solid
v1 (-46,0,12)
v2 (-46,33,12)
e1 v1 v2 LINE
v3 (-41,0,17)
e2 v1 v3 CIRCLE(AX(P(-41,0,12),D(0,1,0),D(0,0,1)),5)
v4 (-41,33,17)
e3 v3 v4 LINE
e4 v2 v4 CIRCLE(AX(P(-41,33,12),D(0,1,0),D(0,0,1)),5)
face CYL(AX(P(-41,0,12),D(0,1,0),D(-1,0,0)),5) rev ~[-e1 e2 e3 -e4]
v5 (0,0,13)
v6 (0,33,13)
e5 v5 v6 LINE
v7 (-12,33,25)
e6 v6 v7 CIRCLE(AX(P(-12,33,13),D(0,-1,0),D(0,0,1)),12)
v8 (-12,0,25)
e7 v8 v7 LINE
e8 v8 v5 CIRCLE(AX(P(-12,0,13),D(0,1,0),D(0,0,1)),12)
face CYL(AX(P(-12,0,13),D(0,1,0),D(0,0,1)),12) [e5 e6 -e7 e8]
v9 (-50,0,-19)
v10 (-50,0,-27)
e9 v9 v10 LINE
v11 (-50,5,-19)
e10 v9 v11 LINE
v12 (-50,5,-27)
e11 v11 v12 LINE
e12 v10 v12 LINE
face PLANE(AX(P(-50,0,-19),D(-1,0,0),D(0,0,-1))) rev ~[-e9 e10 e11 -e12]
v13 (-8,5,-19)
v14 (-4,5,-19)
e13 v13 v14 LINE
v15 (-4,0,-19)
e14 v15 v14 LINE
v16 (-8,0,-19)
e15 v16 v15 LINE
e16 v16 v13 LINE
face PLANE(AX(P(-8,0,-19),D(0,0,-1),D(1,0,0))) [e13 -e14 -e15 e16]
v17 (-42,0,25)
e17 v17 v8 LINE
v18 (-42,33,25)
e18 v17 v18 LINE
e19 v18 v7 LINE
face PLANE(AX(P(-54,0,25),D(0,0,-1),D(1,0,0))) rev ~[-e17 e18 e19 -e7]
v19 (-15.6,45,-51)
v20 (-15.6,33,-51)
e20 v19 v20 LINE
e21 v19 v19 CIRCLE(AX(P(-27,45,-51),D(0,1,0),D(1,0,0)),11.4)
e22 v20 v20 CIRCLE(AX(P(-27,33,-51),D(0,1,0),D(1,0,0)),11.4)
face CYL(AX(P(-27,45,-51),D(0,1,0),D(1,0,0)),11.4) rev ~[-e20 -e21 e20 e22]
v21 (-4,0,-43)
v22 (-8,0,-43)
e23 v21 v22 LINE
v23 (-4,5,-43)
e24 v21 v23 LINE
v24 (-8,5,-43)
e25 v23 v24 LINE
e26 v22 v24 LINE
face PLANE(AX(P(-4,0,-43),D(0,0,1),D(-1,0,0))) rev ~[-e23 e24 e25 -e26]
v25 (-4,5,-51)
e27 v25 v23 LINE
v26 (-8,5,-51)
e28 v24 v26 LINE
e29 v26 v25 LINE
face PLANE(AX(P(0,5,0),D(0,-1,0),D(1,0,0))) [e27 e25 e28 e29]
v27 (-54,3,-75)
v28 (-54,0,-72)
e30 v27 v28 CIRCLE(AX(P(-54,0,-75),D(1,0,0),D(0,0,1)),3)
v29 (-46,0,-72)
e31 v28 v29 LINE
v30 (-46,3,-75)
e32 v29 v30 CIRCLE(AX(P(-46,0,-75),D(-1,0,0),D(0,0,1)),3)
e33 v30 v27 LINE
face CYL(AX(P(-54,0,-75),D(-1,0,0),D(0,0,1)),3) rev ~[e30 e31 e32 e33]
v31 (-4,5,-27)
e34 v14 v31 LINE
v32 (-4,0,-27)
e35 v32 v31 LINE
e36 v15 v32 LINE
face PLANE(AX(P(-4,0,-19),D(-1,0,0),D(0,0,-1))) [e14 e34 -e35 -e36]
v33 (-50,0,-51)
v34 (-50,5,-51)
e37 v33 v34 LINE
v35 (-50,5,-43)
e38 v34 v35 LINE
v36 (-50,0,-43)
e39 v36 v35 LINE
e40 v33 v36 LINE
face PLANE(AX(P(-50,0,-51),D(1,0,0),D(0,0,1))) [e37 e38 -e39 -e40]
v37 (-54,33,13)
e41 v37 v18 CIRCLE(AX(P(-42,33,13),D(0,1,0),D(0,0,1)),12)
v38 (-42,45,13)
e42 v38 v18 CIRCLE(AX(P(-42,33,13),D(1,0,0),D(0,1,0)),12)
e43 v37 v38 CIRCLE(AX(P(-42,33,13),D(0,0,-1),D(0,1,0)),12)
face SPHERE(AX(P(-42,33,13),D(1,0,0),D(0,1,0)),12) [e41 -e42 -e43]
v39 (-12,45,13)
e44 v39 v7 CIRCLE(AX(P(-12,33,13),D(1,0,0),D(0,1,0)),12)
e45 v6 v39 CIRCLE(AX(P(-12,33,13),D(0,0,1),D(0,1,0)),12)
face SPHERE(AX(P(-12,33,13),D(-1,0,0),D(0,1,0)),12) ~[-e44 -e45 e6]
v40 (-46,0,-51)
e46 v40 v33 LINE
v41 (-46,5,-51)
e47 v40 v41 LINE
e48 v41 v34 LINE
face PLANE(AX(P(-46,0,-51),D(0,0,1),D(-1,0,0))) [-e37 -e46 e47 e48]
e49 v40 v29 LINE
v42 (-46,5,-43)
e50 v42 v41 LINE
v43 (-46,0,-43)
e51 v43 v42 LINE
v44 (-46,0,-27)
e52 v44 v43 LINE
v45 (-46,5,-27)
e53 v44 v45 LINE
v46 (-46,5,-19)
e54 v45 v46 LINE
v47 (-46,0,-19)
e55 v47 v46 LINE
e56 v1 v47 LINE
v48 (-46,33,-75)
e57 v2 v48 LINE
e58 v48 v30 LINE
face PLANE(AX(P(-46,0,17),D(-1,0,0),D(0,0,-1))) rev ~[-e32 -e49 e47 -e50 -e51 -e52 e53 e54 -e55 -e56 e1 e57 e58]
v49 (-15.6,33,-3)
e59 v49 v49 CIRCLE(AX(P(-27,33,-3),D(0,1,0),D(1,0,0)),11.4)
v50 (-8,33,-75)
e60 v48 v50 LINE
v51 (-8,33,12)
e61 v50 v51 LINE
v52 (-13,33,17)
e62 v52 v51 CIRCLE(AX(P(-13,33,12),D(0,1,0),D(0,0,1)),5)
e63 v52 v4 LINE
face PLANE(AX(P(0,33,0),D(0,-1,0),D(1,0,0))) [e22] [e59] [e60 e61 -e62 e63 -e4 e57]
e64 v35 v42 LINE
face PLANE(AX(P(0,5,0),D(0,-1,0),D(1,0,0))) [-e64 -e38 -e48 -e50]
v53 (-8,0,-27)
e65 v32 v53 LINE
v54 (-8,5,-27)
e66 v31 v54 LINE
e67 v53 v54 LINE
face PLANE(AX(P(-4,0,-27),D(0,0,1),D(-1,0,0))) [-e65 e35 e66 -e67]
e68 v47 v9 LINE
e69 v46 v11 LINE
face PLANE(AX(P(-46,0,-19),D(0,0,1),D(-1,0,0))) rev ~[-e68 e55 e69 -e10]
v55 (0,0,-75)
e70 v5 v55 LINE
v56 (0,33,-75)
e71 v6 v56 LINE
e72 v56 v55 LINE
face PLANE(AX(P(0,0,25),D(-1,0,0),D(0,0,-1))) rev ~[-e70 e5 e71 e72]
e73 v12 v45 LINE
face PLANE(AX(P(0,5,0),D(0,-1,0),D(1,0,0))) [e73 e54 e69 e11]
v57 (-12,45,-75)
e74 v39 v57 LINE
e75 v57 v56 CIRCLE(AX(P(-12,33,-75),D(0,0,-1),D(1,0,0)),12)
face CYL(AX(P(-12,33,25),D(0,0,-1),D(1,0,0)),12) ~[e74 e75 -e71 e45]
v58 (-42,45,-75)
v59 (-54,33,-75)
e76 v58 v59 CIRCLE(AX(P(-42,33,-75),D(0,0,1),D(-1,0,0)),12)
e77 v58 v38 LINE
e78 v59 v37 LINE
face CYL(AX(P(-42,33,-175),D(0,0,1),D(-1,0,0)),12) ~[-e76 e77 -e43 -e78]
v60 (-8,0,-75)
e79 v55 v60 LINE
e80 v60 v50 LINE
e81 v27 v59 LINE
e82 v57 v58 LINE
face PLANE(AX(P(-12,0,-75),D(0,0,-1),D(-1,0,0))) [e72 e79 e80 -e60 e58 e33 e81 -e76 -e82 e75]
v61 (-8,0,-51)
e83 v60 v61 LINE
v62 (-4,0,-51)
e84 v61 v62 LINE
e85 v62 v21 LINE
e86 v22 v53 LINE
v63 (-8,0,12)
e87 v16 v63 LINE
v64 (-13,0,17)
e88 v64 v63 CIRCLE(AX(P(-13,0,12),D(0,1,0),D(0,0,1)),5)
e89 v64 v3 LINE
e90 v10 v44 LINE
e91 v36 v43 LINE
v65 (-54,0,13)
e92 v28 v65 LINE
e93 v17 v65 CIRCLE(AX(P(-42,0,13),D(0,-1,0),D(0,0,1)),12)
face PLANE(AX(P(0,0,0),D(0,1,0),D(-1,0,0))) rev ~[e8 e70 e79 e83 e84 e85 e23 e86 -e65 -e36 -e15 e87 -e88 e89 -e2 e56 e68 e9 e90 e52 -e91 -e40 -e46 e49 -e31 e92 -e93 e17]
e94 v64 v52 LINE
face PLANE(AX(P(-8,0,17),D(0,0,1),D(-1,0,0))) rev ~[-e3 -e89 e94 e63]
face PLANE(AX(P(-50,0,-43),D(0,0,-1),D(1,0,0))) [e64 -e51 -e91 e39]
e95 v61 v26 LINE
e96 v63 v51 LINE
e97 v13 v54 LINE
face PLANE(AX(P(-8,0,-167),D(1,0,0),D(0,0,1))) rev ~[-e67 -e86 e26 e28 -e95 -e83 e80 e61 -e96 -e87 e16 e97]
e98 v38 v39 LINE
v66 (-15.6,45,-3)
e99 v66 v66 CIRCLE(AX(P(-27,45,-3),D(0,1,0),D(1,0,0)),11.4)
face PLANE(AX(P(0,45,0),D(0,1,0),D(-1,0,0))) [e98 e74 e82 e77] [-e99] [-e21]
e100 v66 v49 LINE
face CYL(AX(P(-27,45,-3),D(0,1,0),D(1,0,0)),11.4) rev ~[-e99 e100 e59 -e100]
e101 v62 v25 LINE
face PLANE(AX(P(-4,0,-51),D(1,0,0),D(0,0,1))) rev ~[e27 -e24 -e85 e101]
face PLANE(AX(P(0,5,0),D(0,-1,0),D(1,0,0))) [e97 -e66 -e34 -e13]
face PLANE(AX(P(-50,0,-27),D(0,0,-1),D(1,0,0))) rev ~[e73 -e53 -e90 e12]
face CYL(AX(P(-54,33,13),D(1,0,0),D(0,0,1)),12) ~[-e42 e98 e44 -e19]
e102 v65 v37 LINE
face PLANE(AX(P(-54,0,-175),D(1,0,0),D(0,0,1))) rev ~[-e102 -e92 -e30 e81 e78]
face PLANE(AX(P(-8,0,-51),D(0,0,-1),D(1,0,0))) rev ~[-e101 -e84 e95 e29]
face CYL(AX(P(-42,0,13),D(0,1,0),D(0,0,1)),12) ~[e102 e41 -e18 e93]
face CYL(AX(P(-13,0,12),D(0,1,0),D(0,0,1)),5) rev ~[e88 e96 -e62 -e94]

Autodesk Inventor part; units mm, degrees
ref_plane "YZ Plane" through (0, 0, 0) normal (1, 0, 0) x (0, 1, 0)
ref_plane "XZ Plane" through (0, 0, 0) normal (0, 1, 0) x (-1, 0, 0)
ref_plane "XY Plane" through (0, 0, 0) normal (0, 0, 1) x (1, 0, 0)
sketch "Base" plane through (0, 0, 0) normal (0, 1, 0) x (-1, 0, 0)
  line L0 (0, 25) -> (0, -175)
  line L1 (0, -175) -> (54, -175)
  line L2 (54, -175) -> (54, 25)
  line L3 (54, 25) -> (0, 25)
  dimension "d6" = 200
  dimension "d7" = 54
extrude "Extrusion2" add sketch "Base" along normal blind 45
sketch "Top" plane through (0, 45, 0) normal (0, 1, 0) x (1, 0, 0)
  circle A0 centre (-27, 51) radius 14.25
  circle A1 centre (-27, 3) radius 14.25
  circle A2 centre (-27, 99) radius 14.25
  circle A3 centre (-27, 147) radius 14.25
  line L0 (0, 175) -> (-54, 175) projected
  line L1 (-54, 175) -> (-54, -25) projected
  line L2 (-54, -25) -> (0, -25) construction
  line L3 (-27, -25) -> (-27, 175) construction
  circle A4 centre (-27, 3) radius 11.4
  circle A5 centre (-27, 51) radius 11.4
  circle A6 centre (-27, 99) radius 11.4
  circle A7 centre (-27, 147) radius 11.4
  point P0 (-27, 75)
  dimension "d10" = 28.5
  dimension "d11" = 28.5
  dimension "d12" = 28.5
  dimension "d13" = 28.5
  dimension "d14" = 48
  dimension "d15" = 48
  dimension "d16" = 48
  dimension "d27" = 22.8
  dimension "d28" = 22.8
  dimension "d29" = 22.8
  dimension "d30" = 22.8
  dimension "d31" = 24
  dimension "d32" = 100
  dimension "d35" = 28
extrude "Extrusion3" cut sketch "Top" against normal up to next contours A4 | A5 | A6 | A7
sketch "Walls" plane through (0, 0, 0) normal (0, -1, 0) x (1, 0, 0)
  line L0 (-8, 17) -> (-46, 17)
  line L1 (-46, 17) -> (-46, -167)
  line L2 (-46, -167) -> (-8, -167)
  line L3 (-8, -167) -> (-8, 17)
  line L4 (-54, 25) -> (0, 25) projected
  line L5 (0, -175) -> (-54, -175) projected
  line L6 (0, 25) -> (0, -175) projected
  line L7 (-54, -175) -> (-54, 25) projected
  point P0 (0, 0)
  dimension "d21" = 8
  dimension "d22" = 8
  dimension "d23" = 8
  dimension "d24" = 8
  dimension "d33" = 38
extrude "Extrusion4" cut sketch "Walls" against normal blind 33 contours L3 L2 L1 L0
fillet "Fillet1" radius 12 8 edges at (-27, 45, 25) (-54, 45, -75) (0, 45, -75) (0, 22.5, 25) (-54, 22.5, 25) (0, 22.5, -175) (-27, 45, -175) (-54, 22.5, -175)
sketch "Sketch7" plane through (-54, 0, -163) normal (-1, 0, 0) x (0, 0, 1)
  line L0 (0, 33) -> (176, 33) projected
  line L1 (0, 0) -> (176, 0) projected
  circle A0 centre (88, 0) radius 3
  point P0 (163, 0)
  dimension "d40" = 6
extrude "Extrusion5" cut sketch "Sketch7" against normal up to surface (8 mm away)
fillet "Fillet2" radius 5 4 edges at (-8, 16.5, 17) (-46, 16.5, 17) (-8, 16.5, -167) (-46, 16.5, -167)
sketch "Sketch10" plane through (-12, 0, -175) normal (0, 0, -1) x (-1, 0, 0)
  line L0 (83.179, 90.3723) -> (-24.5359, 90.3723)
  line L1 (-24.5359, 90.3723) -> (-24.5359, -32.2986)
  line L2 (-24.5359, -32.2986) -> (83.179, -32.2986)
  line L3 (83.179, -32.2986) -> (83.179, 90.3723)
  point P0 (-12, 0)
extrude "Half" cut sketch "Sketch10" against normal blind 100
sketch "Sketch13" plane through (0, 0, 0) normal (0, -1, 0) x (1, 0, 0)
  line L0 (-8, 12) -> (-8, -75) projected
  line L1 (-8, -51) -> (-4, -51)
  line L2 (-4, -51) -> (-4, -43)
  line L3 (-4, -43) -> (-8, -43)
  line L4 (-8, -43) -> (-8, -51)
  circle A0 centre (-27, -51) radius 11.4 construction
  line L5 (0, 13) -> (0, -75) construction
  line L6 (0, -35) -> (-53.8786, -35) construction
  circle A1 centre (-27, -3) radius 11.4 construction
  line L7 (-8, -82) -> (-8, 5)
  line L8 (-8, -19) -> (-4, -19)
  line L9 (-4, -19) -> (-4, -27)
  line L10 (-4, -27) -> (-8, -27)
  line L11 (-8, -27) -> (-8, -19)
  line L12 (-27, -51) -> (-27, -3) construction
  line L13 (-46, -51) -> (-50, -51)
  line L14 (-50, -51) -> (-50, -43)
  line L15 (-50, -43) -> (-46, -43)
  line L16 (-46, -43) -> (-46, -51)
  line L17 (-46, -19) -> (-50, -19)
  line L18 (-46, -27) -> (-46, -19)
  line L19 (-50, -19) -> (-50, -27)
  line L20 (-50, -27) -> (-46, -27)
  point P0 (0, 0)
  point P1 (-8, -19)
  point P2 (-8, -27)
  point P3 (-8, -43)
  dimension "d50" = 4
  dimension "d52" = 8
  dimension "d53" = 0
  dimension "d54" = 8
extrude "Extrusion7" cut sketch "Sketch13" against normal blind 5
equation "\"d11\" = d10"
equation "\"d12\" = d10"
equation "\"d13\" = d10"
equation "\"d15\" = d14"
equation "\"d16\" = d14"
equation "\"d28\" = d27"
equation "\"d29\" = d27"
equation "\"d30\" = d27"
equation "\"d31\" = 0.5 * d14"
equation "\"d32\" = 0.5 * d6"
equation "\"d22\" = d21"
equation "\"d23\" = d21"
equation "\"d24\" = d23"
properties part number "_3DPrint"
